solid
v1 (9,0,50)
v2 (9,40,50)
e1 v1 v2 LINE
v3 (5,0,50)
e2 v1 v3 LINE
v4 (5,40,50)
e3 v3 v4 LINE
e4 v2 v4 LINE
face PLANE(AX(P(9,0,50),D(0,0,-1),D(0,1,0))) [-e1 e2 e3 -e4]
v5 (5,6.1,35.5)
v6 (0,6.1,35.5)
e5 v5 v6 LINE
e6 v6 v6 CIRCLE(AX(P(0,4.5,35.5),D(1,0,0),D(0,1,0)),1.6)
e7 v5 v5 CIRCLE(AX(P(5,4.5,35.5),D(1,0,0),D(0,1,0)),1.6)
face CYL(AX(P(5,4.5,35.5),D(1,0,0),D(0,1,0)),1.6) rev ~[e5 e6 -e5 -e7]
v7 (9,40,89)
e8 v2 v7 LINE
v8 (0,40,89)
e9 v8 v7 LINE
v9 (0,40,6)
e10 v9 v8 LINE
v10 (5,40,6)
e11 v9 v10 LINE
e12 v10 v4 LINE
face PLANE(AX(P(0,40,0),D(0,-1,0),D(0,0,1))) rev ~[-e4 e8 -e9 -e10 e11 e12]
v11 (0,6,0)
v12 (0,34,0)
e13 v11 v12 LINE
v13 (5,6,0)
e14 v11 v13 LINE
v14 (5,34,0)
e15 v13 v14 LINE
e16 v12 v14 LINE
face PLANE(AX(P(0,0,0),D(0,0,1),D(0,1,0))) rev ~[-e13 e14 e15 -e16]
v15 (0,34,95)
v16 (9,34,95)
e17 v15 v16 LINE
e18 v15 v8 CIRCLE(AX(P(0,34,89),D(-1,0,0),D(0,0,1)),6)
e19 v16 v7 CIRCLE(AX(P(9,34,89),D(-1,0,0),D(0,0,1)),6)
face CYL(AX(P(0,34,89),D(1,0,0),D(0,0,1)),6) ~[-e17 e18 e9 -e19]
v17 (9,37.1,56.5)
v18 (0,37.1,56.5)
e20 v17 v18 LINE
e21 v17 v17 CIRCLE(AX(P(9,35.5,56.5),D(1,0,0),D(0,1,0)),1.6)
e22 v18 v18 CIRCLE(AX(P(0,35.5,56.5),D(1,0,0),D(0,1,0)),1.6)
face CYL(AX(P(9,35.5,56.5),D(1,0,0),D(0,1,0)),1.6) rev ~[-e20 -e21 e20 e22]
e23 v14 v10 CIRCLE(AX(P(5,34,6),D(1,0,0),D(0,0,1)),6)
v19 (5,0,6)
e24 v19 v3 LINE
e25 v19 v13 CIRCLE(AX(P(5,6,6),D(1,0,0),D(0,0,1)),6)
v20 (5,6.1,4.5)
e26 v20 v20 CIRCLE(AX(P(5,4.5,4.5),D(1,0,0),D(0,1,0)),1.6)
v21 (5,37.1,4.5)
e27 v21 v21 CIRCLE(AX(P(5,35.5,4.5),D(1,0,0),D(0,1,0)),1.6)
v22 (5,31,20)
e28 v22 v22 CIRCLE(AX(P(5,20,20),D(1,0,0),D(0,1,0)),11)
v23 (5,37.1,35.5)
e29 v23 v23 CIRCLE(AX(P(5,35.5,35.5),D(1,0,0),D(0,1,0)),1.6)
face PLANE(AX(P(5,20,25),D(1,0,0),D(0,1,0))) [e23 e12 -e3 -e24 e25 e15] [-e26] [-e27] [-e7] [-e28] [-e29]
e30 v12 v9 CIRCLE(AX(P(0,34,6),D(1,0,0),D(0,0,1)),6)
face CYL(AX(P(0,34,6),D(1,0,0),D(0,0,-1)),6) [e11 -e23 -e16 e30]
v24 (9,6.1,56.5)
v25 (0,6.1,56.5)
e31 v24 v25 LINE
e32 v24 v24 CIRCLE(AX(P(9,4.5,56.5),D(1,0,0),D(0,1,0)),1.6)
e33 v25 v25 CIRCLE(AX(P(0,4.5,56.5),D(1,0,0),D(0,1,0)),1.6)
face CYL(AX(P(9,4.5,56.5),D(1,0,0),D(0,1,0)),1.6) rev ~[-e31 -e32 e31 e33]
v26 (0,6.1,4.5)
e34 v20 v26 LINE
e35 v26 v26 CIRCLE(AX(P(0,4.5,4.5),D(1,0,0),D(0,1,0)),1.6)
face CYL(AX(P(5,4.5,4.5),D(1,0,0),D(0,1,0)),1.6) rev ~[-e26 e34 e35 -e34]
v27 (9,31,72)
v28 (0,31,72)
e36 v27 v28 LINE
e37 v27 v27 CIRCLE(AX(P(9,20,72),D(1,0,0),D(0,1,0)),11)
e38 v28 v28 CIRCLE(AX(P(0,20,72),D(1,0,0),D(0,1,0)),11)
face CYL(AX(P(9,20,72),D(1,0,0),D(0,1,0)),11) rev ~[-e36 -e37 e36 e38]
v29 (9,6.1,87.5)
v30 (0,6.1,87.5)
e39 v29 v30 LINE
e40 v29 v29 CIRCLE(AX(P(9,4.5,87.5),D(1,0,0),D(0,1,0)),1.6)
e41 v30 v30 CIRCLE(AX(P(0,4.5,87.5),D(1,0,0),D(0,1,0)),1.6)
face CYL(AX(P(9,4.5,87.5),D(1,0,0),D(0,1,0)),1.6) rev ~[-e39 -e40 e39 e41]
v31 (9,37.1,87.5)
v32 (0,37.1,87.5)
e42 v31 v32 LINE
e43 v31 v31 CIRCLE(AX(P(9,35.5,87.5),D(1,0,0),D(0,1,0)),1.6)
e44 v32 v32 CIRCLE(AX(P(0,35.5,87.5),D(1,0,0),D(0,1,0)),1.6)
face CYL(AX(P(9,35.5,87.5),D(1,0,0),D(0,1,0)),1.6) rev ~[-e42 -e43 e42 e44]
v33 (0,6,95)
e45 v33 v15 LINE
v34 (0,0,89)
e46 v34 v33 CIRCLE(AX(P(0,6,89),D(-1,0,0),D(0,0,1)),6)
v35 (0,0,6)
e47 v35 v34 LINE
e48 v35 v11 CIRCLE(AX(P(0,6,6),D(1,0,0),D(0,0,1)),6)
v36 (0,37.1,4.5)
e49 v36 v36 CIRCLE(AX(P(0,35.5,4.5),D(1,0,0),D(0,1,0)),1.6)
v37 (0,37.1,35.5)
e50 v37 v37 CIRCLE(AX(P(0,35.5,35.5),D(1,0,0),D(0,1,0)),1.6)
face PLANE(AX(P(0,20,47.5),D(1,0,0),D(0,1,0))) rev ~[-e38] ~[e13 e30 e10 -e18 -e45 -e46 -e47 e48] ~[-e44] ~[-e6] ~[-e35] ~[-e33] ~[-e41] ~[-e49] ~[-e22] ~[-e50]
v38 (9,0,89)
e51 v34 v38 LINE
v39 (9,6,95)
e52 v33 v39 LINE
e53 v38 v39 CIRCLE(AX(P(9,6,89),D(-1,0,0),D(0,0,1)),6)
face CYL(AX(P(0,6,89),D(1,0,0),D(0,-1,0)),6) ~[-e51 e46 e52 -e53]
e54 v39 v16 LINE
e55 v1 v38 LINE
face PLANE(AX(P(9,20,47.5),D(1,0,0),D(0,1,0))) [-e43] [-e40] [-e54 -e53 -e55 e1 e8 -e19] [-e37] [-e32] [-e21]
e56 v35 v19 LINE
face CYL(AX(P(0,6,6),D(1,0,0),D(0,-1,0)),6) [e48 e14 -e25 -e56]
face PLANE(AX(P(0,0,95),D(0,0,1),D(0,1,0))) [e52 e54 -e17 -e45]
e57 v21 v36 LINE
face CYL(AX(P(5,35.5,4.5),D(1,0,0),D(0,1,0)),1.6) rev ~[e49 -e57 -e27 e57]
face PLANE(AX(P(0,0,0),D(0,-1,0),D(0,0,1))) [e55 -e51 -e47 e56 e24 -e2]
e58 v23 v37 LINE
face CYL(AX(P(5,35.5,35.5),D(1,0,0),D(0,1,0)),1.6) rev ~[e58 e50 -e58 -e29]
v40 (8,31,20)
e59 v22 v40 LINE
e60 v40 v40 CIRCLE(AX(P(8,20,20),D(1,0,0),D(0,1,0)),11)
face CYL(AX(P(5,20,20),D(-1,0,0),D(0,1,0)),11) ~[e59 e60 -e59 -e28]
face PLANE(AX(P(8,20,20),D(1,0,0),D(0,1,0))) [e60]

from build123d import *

# Parameters (mm, degrees)
SKETCH_W        = 40
SKETCH_H        = 95
PAD_DEPTH       = 9
SKETCH001_W     = 40
SKETCH001_H     = 50
POCKET_DEPTH    = 4
SKETCH002_R     = 11
PAD001_DEPTH    = 3
SKETCH003_R     = 1.6
POCKET001_DEPTH = 8
SKETCH004_R     = 11
SKETCH004_R_2   = 1.6
POCKET002_DEPTH = 10
FILLET_R        = 6


with BuildPart() as part:
    # Sketch → Pad (new body)
    with BuildSketch(Plane.YZ):
        with Locations((20, 47.5)):
            Rectangle(SKETCH_W, SKETCH_H)
    extrude(amount=PAD_DEPTH)

    # Sketch001 (on Face6 of Pad) → Pocket (cut)
    with BuildSketch(Plane.YZ.offset(9)):
        with Locations((20, 25)):
            Rectangle(SKETCH001_W, SKETCH001_H)
    extrude(amount=-POCKET_DEPTH, mode=Mode.SUBTRACT)

    # Sketch002 (on Face4 of Pocket) → Pad001 (join)
    with BuildSketch(Plane.YZ.offset(5)):
        with Locations((20, 20)):
            Circle(SKETCH002_R)
    extrude(amount=PAD001_DEPTH)

    # Sketch003 (on Face4 of Pad001) → Pocket001 (cut)
    with BuildSketch(Plane.YZ.offset(5)):
        with Locations((4.5, 35.5)):
            Circle(SKETCH003_R)
        with Locations((35.5, 35.5)):
            Circle(SKETCH003_R)
        with Locations((35.5, 4.5)):
            Circle(SKETCH003_R)
        with Locations((4.5, 4.5)):
            Circle(SKETCH003_R)
    extrude(amount=-POCKET001_DEPTH, mode=Mode.SUBTRACT)

    # Sketch004 (on Face11 of Pocket001) → Pocket002 (cut)
    with BuildSketch(Plane.YZ.offset(9)):
        with Locations((20, 72)):
            Circle(SKETCH004_R)
        with Locations((4.5, 87.5)):
            Circle(SKETCH004_R_2)
        with Locations((35.5, 87.5)):
            Circle(SKETCH004_R_2)
        with Locations((35.5, 56.5)):
            Circle(SKETCH004_R_2)
        with Locations((4.5, 56.5)):
            Circle(SKETCH004_R_2)
    extrude(amount=-POCKET002_DEPTH, mode=Mode.SUBTRACT)

    # Fillet
    fillet_edges = [part.edges().sort_by_distance(p)[0] for p in [
        (4.5, 0, 95),
        (4.5, 40, 95),
        (2.5, 40, 0),
        (2.5, 0, 0),
    ]]
    fillet(fillet_edges, radius=FILLET_R)


solid = part.part
